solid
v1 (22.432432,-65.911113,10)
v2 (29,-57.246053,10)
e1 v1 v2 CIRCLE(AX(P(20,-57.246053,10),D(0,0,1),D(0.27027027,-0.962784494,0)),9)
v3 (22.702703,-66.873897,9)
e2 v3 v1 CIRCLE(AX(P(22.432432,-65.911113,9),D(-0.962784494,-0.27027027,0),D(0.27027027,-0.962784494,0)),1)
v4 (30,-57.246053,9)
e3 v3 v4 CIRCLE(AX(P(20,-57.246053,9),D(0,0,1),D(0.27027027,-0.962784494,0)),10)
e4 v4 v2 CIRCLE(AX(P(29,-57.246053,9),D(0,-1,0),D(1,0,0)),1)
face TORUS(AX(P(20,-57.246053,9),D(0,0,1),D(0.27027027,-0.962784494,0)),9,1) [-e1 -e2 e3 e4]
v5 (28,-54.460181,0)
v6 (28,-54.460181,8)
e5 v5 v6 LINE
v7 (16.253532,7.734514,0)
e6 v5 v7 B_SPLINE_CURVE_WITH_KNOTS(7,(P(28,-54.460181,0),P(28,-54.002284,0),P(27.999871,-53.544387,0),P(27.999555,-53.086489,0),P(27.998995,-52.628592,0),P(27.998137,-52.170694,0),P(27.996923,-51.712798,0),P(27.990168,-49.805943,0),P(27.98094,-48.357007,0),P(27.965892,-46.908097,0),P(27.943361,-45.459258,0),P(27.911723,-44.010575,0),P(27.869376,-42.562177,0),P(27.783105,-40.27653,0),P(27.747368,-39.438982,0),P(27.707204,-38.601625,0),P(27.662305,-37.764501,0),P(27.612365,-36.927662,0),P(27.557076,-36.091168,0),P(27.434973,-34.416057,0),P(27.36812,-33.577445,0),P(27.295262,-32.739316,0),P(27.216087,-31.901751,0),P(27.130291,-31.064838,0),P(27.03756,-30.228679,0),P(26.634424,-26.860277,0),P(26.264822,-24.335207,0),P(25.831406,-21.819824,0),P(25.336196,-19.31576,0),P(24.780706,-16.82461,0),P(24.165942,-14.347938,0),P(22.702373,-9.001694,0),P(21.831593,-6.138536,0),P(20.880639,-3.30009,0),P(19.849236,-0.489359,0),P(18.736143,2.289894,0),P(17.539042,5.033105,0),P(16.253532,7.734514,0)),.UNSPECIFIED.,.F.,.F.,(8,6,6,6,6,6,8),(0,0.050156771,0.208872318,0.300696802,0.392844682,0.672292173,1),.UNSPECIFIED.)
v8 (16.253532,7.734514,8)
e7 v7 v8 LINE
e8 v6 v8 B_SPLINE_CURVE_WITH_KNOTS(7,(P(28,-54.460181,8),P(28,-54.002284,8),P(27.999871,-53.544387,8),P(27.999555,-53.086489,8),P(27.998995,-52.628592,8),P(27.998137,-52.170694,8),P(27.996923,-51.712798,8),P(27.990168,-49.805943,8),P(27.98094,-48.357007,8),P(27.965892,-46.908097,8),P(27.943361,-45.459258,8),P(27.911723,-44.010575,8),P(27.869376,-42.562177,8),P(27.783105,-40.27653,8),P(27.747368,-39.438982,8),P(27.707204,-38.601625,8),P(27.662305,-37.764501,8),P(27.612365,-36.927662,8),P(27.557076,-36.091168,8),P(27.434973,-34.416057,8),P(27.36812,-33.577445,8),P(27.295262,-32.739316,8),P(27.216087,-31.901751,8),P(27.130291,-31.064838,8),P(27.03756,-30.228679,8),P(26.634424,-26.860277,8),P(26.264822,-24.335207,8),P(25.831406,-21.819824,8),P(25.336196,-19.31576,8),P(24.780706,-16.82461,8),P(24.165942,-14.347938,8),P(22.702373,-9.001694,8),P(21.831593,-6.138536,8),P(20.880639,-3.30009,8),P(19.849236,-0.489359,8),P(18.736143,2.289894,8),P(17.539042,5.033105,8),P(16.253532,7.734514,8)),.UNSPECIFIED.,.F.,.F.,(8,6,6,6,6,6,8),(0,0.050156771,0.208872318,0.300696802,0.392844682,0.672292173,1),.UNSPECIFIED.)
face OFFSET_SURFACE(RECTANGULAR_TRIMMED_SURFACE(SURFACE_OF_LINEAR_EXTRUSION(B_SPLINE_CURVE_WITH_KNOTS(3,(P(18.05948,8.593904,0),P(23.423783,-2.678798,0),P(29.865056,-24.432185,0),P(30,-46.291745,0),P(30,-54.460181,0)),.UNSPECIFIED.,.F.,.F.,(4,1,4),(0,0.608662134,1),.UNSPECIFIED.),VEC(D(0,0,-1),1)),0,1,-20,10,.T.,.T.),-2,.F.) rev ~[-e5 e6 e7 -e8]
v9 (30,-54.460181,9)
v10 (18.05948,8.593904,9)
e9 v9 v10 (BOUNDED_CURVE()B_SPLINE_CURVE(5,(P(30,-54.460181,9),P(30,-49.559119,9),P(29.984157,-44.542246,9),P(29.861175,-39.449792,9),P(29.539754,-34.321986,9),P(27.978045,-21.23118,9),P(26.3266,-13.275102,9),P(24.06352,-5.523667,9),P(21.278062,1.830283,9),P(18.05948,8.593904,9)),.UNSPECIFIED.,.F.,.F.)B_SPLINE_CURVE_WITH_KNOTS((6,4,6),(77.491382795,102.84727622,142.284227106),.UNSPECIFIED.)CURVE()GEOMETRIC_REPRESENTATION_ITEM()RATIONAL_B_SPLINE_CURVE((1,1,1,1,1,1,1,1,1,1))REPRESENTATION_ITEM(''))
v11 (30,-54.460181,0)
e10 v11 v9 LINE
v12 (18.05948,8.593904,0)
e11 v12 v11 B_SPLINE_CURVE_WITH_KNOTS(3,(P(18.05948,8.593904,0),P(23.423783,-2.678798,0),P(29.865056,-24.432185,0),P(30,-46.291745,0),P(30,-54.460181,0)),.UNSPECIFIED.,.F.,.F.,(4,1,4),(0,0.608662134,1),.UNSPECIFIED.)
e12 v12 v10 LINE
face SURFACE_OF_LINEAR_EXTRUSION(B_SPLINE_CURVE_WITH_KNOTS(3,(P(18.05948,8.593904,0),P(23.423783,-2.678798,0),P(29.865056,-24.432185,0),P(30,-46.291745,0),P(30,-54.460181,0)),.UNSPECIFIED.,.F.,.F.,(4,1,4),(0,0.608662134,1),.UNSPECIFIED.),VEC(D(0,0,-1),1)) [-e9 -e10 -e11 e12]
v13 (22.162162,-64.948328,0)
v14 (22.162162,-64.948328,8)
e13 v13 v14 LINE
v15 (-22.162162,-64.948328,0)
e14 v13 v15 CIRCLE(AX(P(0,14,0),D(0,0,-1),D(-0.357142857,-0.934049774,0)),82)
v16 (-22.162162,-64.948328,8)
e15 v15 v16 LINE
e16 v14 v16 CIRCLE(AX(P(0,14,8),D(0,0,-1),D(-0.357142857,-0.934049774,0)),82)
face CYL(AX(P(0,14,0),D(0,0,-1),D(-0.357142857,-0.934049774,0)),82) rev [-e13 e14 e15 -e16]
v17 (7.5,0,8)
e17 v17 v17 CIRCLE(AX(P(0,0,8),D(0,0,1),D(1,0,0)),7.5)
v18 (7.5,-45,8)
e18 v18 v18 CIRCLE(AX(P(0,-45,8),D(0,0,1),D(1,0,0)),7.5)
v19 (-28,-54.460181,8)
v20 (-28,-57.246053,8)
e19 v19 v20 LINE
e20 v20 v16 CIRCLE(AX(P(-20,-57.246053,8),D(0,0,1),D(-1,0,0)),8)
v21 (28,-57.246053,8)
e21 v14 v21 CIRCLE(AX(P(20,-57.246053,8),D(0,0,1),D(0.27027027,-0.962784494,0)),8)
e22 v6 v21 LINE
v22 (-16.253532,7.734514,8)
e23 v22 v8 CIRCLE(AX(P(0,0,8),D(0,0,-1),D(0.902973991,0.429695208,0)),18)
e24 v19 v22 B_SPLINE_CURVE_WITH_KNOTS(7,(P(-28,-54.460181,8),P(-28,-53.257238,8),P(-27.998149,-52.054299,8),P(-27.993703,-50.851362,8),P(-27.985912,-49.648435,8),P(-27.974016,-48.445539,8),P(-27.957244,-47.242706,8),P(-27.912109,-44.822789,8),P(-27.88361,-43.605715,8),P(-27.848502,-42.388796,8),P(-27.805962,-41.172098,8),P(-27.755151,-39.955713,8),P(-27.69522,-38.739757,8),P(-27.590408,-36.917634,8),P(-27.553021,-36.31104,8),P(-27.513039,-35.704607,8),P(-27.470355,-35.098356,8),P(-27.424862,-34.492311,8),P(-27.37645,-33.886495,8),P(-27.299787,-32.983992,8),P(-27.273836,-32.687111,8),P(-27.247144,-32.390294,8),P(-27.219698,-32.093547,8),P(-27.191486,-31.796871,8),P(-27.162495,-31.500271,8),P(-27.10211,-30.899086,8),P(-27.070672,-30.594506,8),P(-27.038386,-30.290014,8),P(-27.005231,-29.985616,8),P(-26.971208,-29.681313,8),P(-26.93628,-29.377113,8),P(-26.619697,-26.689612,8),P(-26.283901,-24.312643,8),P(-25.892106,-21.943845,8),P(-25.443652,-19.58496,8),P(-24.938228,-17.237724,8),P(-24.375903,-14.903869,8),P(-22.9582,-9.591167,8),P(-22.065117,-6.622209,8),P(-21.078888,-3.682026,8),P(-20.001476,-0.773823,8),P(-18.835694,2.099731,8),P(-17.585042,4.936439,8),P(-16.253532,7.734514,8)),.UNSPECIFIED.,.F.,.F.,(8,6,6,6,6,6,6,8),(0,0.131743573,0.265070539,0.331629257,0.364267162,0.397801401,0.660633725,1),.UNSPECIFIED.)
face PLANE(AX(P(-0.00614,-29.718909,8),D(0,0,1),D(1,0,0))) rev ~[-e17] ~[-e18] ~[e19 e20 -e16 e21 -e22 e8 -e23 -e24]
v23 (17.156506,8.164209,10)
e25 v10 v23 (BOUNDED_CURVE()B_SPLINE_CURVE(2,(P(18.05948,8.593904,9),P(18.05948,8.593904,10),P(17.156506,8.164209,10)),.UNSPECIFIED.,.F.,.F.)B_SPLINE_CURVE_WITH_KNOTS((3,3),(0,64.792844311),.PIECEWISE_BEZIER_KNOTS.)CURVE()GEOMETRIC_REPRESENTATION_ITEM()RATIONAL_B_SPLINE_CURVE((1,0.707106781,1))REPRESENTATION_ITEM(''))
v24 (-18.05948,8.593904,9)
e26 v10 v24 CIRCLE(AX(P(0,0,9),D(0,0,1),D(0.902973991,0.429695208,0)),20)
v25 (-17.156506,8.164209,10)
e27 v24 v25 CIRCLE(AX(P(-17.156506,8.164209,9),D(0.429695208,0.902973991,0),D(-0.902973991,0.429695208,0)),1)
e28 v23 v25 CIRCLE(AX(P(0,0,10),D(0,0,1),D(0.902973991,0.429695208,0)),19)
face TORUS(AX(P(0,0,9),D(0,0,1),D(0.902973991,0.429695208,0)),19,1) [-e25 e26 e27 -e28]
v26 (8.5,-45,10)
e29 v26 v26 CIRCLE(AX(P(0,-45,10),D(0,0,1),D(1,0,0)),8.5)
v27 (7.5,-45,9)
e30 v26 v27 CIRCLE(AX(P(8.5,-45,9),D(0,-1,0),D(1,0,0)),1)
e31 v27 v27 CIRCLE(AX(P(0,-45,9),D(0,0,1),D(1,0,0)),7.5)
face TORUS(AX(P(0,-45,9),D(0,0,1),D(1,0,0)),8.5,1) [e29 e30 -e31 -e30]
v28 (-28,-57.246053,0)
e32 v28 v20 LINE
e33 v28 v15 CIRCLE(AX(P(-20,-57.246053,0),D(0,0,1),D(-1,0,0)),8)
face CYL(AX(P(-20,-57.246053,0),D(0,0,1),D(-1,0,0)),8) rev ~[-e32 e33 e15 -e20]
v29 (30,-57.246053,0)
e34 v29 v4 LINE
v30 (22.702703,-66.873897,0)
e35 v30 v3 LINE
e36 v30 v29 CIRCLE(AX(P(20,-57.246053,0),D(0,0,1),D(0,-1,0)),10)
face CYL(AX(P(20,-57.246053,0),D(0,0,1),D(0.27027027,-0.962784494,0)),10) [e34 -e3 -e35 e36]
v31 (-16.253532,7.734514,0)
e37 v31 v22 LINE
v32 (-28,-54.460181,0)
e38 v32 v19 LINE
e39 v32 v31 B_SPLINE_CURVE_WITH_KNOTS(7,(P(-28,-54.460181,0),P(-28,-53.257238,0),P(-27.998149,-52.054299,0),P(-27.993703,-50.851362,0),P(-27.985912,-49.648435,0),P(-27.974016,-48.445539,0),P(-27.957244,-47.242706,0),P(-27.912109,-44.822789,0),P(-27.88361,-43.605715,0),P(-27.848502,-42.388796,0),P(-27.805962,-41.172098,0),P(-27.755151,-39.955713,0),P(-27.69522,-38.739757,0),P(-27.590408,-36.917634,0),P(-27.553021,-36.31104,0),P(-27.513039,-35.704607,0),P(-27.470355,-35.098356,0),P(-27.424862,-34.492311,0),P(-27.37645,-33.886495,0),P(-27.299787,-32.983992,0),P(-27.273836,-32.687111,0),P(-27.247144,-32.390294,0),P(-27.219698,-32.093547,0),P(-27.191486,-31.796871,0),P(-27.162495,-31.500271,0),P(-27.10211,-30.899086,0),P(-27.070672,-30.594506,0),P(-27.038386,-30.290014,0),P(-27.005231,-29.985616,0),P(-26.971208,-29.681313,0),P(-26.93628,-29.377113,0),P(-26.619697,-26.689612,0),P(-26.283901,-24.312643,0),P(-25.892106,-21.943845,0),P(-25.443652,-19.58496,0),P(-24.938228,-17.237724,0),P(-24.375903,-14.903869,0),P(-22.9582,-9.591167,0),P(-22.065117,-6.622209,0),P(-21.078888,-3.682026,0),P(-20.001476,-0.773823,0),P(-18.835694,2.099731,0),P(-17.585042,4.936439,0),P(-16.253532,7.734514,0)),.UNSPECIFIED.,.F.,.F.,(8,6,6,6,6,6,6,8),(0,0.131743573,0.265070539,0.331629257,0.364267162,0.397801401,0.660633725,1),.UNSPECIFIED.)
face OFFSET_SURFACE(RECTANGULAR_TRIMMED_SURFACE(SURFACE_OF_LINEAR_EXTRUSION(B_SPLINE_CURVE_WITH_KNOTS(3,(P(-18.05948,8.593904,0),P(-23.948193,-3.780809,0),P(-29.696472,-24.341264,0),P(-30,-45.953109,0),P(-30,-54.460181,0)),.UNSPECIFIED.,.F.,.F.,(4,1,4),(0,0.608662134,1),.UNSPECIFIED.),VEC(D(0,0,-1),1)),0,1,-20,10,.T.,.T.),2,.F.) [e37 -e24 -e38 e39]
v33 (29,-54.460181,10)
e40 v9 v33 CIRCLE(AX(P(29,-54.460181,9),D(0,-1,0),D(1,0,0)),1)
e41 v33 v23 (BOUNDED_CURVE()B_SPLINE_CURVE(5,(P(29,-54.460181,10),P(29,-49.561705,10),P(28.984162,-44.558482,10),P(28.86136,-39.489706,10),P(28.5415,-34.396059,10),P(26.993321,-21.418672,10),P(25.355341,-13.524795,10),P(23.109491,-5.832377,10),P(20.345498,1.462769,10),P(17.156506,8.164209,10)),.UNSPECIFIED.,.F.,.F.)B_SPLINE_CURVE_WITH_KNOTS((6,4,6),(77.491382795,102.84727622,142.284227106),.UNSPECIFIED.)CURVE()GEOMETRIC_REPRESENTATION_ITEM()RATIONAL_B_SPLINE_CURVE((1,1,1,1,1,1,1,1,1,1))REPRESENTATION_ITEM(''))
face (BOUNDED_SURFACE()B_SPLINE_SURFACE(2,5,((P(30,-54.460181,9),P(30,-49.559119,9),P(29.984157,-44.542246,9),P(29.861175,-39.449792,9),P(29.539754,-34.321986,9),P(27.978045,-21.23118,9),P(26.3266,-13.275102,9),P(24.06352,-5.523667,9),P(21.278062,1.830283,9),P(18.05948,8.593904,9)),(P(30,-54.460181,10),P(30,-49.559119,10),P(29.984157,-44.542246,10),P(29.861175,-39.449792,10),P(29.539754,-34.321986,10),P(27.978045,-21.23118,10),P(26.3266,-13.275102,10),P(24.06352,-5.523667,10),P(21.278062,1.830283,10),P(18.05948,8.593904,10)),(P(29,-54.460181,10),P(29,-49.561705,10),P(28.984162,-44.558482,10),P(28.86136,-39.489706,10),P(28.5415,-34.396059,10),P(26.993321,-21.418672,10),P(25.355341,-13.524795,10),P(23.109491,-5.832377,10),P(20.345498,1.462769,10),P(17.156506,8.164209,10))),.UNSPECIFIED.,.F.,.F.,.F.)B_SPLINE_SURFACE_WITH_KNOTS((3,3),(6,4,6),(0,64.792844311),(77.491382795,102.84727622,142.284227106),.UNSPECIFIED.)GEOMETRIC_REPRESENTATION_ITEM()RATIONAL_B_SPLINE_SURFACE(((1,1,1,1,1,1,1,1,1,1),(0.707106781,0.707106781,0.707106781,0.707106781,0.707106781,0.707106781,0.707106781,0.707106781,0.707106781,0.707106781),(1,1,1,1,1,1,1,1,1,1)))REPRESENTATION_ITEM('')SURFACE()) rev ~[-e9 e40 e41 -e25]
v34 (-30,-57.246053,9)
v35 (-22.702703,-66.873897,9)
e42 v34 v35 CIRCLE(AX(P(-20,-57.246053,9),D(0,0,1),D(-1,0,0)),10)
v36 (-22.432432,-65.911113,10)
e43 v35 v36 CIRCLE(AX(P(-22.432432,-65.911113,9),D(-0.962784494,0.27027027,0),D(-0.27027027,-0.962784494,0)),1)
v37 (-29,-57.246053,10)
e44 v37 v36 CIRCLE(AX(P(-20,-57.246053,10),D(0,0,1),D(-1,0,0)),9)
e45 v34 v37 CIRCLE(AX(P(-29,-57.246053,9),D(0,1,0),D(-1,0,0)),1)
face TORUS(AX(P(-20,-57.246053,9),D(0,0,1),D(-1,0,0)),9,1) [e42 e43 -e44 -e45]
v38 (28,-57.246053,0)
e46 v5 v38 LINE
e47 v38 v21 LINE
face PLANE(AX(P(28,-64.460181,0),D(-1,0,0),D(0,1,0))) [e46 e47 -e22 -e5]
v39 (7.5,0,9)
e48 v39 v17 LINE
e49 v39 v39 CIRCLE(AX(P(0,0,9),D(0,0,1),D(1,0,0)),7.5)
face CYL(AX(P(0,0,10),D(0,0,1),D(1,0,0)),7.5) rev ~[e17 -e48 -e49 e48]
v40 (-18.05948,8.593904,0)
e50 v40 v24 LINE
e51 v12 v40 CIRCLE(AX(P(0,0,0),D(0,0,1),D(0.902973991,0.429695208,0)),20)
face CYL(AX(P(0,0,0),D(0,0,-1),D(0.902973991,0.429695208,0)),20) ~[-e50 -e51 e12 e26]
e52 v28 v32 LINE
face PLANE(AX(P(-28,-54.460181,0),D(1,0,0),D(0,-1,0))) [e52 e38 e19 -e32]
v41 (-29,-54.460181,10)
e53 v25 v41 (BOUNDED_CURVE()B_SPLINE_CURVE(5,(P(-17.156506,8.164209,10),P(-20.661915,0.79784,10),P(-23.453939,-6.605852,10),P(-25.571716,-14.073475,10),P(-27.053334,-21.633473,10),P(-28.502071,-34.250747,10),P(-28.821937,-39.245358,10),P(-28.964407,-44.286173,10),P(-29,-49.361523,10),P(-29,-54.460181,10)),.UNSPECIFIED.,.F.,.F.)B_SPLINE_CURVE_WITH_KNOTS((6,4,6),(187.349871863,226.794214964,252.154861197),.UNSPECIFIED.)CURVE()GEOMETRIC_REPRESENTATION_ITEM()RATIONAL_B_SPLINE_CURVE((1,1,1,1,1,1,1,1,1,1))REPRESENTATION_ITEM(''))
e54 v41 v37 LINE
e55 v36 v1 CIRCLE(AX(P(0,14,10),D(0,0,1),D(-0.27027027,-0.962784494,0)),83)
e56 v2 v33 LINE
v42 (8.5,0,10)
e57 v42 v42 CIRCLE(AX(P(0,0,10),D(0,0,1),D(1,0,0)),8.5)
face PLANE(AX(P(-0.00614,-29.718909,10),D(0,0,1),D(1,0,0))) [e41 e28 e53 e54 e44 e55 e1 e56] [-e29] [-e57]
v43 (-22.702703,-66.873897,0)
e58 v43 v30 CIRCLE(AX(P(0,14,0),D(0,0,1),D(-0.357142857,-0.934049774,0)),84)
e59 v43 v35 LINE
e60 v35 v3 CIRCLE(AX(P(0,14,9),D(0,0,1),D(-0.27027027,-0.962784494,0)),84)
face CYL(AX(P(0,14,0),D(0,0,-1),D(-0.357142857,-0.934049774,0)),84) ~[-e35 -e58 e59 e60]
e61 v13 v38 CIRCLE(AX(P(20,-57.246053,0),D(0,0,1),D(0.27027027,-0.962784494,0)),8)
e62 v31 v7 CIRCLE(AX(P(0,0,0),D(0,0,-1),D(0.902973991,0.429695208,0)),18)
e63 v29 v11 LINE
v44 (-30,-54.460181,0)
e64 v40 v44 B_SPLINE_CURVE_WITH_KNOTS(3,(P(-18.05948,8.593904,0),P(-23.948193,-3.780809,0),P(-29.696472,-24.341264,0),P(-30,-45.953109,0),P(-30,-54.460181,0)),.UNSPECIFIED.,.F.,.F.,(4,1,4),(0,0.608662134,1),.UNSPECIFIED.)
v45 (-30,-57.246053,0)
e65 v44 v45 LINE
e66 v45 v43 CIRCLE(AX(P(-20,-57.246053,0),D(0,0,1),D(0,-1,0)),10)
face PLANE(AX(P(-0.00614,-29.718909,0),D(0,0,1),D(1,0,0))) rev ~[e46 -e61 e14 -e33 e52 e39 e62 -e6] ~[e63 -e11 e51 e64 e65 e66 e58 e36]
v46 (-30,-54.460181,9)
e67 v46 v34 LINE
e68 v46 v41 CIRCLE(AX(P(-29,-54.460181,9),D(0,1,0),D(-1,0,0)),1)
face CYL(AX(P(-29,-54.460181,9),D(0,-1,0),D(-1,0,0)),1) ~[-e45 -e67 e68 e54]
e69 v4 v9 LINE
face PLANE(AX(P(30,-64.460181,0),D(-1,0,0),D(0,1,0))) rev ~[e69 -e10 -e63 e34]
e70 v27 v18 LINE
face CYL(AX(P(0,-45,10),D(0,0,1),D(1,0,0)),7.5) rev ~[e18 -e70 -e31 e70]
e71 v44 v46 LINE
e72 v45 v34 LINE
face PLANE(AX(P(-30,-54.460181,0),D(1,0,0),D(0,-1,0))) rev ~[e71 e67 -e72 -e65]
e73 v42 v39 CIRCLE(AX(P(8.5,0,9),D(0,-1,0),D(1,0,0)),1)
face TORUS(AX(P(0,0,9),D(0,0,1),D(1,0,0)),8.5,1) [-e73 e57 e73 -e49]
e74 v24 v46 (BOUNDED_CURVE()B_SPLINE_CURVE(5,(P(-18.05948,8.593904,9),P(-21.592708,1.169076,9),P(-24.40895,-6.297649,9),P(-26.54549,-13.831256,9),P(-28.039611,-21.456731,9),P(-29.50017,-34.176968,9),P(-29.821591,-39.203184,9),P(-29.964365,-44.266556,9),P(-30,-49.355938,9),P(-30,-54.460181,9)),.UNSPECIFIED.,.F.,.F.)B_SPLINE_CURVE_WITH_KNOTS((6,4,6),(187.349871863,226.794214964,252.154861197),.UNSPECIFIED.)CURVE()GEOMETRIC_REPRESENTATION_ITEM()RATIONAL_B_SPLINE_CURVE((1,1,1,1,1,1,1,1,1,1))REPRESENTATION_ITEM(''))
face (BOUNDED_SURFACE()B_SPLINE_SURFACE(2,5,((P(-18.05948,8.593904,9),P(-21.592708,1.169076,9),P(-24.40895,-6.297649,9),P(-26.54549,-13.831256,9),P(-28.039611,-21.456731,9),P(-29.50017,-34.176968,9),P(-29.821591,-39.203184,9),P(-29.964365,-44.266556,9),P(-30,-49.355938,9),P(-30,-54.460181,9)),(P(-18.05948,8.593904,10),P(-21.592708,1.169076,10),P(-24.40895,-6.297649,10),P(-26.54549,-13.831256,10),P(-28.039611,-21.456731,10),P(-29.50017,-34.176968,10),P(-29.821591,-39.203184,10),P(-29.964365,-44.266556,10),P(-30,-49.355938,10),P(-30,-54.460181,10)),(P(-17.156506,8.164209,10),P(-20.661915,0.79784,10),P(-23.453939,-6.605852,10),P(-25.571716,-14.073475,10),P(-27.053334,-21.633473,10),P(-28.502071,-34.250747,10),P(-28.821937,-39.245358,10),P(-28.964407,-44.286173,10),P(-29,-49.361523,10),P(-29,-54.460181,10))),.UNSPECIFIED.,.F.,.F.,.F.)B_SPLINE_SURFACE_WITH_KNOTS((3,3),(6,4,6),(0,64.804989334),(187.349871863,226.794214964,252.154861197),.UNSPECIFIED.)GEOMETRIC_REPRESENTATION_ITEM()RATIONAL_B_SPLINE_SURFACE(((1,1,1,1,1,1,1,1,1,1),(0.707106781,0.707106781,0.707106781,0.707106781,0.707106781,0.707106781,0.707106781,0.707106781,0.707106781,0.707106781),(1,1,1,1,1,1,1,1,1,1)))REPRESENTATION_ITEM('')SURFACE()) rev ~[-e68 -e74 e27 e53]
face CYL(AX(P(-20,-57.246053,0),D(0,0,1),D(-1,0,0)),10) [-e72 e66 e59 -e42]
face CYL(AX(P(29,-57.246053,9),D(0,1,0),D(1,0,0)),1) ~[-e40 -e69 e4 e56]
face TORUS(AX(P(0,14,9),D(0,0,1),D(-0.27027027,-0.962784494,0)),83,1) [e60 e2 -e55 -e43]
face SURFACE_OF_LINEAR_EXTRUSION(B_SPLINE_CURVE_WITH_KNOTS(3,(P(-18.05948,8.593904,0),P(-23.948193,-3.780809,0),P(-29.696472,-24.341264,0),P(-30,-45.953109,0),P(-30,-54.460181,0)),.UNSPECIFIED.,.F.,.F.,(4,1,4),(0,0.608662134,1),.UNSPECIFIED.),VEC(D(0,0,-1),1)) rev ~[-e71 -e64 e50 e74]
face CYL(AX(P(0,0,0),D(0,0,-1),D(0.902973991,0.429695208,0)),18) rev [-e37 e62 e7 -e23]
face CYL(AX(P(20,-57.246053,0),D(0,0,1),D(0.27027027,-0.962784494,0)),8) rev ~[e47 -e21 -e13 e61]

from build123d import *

# Parameters (mm, degrees)
EXTRUDE_1_DEPTH     = 10
FILLET_1_R          = 10
SHELL_1_T           = -2
SKETCH_2_R          = 7.5
CUT_EXTRUDE_1_DEPTH = 10
FILLET_2_R          = 1


with BuildPart() as part:
    # 草图1 → 凸台-拉伸1 (new body)
    with BuildSketch(Plane.XY):
        with BuildLine():
            add(Edge.make_bspline(
                [(-18.059479814, 8.593904168), (-23.948193256, -3.780809287), (-29.696472288, -24.34126392), (-30, -45.953108691), (-30, -54.460180984)],
                knots=[0, 0, 0, 0, 0.608662134, 1, 1, 1, 1], degree=3))
            Line((-30, -54.460180984), (-30, -64.460180984))
            ThreePointArc((-30, -64.460180984), (0, -70), (30, -64.460180984))
            Line((30, -64.460180984), (30, -54.460180984))
            add(Edge.make_bspline(
                [(18.059479814, 8.593904168), (23.423782854, -2.678798038), (29.865056496, -24.432184966), (30, -46.291744963), (30, -54.460180984)],
                knots=[0, 0, 0, 0, 0.608662134, 1, 1, 1, 1], degree=3))
            ThreePointArc((18.059479814, 8.593904168), (0, 20), (-18.059479814, 8.593904168))
        make_face()
    extrude(amount=EXTRUDE_1_DEPTH)

    # 圆角1
    fillet_1_edges = [part.edges().sort_by_distance(p)[0] for p in [
        (30, -64.460180984, 5),
        (-30, -64.460180984, 5),
    ]]
    fillet(fillet_1_edges, radius=FILLET_1_R)

    # 抽壳1
    shell_1_openings = [part.faces().sort_by_distance(p)[0] for p in [
        (0, -33.886417401, 0),
    ]]
    offset(amount=SHELL_1_T, openings=shell_1_openings, kind=Kind.INTERSECTION)

    # 草图2 → 切除-拉伸1 (cut)
    with BuildSketch(Plane.XY.offset(10)):
        Circle(SKETCH_2_R)
        with Locations((0, -45)):
            Circle(SKETCH_2_R)
    extrude(amount=-CUT_EXTRUDE_1_DEPTH, mode=Mode.SUBTRACT)

    # 圆角2
    fillet_2_edges = [part.edges().sort_by_distance(p)[0] for p in [
        (-30, -55.853116753, 10),
        (0, -70, 10),
        (30, -55.853116753, 10),
        (27.969536593, -63.286457019, 10),
        (-27.969536593, -63.286457019, 10),
        (-7.5, 0, 10),
        (-7.5, -45, 10),
        (0, 20, 10),
    ]]
    fillet(fillet_2_edges, radius=FILLET_2_R)


solid = part.part
